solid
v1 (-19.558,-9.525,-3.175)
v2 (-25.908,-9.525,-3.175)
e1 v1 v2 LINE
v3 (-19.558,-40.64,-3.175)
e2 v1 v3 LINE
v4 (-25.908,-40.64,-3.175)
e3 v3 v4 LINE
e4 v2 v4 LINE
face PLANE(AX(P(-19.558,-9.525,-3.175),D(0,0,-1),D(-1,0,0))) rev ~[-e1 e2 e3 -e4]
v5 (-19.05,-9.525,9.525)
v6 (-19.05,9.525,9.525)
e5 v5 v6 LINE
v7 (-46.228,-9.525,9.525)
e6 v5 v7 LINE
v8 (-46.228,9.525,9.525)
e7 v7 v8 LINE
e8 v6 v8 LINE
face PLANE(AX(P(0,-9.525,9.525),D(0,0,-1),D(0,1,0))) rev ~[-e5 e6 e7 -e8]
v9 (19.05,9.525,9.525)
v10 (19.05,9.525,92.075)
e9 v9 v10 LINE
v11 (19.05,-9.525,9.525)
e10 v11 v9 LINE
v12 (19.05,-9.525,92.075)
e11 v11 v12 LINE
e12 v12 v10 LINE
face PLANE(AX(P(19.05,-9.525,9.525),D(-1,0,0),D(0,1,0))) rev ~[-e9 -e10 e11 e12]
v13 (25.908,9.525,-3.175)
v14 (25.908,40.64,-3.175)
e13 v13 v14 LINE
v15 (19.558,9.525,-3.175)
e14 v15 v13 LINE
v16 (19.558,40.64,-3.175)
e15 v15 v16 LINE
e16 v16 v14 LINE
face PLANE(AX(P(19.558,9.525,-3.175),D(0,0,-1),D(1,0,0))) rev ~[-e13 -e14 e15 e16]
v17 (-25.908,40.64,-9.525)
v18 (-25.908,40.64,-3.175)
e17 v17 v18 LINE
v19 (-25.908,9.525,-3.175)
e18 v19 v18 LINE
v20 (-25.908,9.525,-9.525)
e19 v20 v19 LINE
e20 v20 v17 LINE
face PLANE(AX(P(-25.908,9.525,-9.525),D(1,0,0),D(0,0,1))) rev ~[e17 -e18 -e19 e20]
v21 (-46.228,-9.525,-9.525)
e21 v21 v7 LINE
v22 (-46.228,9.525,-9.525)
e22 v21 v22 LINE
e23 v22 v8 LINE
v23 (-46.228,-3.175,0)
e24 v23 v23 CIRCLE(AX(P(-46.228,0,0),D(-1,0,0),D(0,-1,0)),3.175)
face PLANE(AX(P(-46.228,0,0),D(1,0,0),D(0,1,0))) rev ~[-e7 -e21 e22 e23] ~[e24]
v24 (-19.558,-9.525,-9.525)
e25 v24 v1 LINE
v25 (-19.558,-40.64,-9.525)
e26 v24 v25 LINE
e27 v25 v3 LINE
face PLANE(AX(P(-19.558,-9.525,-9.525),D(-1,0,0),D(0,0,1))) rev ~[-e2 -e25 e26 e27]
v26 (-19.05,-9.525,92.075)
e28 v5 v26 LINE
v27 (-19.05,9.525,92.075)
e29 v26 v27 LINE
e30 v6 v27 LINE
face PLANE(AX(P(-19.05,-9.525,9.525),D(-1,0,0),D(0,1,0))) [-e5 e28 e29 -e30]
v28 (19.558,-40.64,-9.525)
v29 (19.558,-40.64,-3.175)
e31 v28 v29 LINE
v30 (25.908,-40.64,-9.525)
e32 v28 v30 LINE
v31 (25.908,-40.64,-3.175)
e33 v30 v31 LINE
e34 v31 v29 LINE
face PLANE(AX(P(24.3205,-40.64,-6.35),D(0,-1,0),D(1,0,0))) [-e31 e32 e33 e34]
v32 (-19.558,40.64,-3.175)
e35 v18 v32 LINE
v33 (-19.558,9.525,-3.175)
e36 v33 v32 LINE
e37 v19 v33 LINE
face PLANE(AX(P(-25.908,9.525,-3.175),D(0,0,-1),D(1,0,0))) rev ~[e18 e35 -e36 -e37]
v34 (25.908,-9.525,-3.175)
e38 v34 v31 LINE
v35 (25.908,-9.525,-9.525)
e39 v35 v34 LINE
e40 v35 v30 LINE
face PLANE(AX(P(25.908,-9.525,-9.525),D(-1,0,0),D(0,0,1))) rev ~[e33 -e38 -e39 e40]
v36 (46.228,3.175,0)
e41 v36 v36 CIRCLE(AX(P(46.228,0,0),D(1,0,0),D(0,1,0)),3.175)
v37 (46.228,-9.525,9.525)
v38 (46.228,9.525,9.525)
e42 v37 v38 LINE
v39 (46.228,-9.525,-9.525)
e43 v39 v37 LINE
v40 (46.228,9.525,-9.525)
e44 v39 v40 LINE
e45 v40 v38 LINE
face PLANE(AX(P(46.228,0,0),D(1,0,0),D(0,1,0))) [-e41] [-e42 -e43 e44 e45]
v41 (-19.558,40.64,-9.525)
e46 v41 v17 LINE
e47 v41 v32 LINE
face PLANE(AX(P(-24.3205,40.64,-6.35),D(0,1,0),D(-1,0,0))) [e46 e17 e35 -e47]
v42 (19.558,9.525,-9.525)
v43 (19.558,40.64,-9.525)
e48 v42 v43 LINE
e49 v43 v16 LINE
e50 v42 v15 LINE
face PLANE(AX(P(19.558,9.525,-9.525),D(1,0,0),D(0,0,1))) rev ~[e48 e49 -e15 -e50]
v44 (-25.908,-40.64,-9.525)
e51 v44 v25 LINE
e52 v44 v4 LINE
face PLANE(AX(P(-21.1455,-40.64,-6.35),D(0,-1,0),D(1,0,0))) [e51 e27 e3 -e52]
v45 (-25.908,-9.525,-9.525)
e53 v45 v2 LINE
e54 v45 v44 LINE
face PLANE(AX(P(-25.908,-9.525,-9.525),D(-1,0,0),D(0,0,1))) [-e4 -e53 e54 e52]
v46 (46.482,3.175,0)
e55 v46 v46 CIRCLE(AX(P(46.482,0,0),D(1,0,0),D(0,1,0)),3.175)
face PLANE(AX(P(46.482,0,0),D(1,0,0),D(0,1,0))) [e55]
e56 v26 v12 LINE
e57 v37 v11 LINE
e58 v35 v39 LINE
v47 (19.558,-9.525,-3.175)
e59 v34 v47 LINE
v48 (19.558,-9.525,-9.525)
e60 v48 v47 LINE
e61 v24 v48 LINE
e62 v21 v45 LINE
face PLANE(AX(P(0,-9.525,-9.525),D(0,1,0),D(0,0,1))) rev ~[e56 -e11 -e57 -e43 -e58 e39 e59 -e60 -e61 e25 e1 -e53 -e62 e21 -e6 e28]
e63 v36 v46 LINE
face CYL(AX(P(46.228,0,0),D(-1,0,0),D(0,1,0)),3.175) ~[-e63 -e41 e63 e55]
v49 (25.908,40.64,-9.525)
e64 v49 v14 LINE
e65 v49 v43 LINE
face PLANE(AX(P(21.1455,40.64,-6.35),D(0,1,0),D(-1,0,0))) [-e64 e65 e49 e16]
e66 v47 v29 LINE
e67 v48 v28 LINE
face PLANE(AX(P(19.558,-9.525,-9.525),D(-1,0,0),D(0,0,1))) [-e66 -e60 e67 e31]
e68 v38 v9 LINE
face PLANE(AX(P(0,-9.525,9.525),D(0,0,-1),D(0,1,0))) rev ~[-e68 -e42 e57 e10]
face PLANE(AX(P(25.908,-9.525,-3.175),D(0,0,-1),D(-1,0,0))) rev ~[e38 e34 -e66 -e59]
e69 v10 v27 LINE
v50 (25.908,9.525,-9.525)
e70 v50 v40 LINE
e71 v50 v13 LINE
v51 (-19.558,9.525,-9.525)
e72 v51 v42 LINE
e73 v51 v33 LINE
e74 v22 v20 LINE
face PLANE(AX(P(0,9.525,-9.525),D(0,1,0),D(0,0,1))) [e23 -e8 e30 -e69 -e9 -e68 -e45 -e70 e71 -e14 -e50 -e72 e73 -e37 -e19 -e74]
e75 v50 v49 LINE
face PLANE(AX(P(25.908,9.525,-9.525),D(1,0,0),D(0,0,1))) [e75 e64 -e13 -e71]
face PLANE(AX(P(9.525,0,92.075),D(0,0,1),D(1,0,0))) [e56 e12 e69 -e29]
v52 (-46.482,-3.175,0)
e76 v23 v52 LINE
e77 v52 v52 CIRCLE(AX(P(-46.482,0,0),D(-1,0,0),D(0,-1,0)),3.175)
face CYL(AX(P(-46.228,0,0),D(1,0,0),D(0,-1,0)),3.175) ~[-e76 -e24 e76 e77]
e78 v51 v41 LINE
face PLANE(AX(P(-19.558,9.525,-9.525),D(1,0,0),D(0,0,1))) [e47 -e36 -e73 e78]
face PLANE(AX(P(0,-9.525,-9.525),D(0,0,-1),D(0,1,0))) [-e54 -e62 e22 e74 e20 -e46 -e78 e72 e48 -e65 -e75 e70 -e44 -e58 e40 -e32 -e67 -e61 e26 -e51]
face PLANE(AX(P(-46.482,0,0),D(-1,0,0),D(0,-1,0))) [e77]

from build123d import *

# Parameters (mm, degrees)
F0_W      = 19.05
F0_H      = 19.05
F1_DEPTH  = 46.228
F2_W      = 3.175
F2_H      = 6.35
F3_DEPTH  = 31.115
F4_W      = 3.175
F4_H      = 6.35
F5_DEPTH  = 31.115
F6_W      = 19.05
F6_H      = 19.05
F7_DEPTH  = 82.55
F8_R      = 3.175
F9_DEPTH  = 0.254
F10_R     = 3.175
F11_DEPTH = 0.254


with BuildPart() as f1:
    # F0 (on Right) → F1 (new body, symmetric)
    with BuildSketch(Plane.YZ):
        Rectangle(F0_W, F0_H)
    extrude(amount=F1_DEPTH, both=True)

    # F2 (on face) → F3 (join)
    with BuildSketch(Plane(origin=(0, 9.525, 0), x_dir=(-1, 0, 0), z_dir=(0, 1, 0))):
        with Locations((-21.1455, -6.35)):
            Rectangle(F2_W, F2_H)
        with Locations((-24.3205, -6.35)):
            Rectangle(F2_W, F2_H)
        with Locations((24.3205, -6.35)):
            Rectangle(F2_W, F2_H)
        with Locations((21.1455, -6.35)):
            Rectangle(F2_W, F2_H)
    extrude(amount=F3_DEPTH)

    # F4 (on face) → F5 (join)
    with BuildSketch(Plane.XZ.offset(9.525)):
        with Locations((-21.1455, -6.35)):
            Rectangle(F4_W, F4_H)
        with Locations((-24.3205, -6.35)):
            Rectangle(F4_W, F4_H)
        with Locations((24.3205, -6.35)):
            Rectangle(F4_W, F4_H)
        with Locations((21.1455, -6.35)):
            Rectangle(F4_W, F4_H)
    extrude(amount=F5_DEPTH)

    # F6 (on face) → F7 (join)
    with BuildSketch(Plane.XY.offset(9.525)):
        with Locations((9.525, 0)):
            Rectangle(F6_W, F6_H)
        with Locations((-9.525, 0)):
            Rectangle(F6_W, F6_H)
    extrude(amount=F7_DEPTH)

    # F8 (on face) → F9 (join)
    with BuildSketch(Plane(origin=(-46.228, 0, 0), x_dir=(0, -1, 0), z_dir=(-1, 0, 0))):
        Circle(F8_R)
    extrude(amount=F9_DEPTH)

    # F10 (on face) → F11 (join)
    with BuildSketch(Plane.YZ.offset(46.228)):
        Circle(F10_R)
    extrude(amount=F11_DEPTH)


solid = f1.part
